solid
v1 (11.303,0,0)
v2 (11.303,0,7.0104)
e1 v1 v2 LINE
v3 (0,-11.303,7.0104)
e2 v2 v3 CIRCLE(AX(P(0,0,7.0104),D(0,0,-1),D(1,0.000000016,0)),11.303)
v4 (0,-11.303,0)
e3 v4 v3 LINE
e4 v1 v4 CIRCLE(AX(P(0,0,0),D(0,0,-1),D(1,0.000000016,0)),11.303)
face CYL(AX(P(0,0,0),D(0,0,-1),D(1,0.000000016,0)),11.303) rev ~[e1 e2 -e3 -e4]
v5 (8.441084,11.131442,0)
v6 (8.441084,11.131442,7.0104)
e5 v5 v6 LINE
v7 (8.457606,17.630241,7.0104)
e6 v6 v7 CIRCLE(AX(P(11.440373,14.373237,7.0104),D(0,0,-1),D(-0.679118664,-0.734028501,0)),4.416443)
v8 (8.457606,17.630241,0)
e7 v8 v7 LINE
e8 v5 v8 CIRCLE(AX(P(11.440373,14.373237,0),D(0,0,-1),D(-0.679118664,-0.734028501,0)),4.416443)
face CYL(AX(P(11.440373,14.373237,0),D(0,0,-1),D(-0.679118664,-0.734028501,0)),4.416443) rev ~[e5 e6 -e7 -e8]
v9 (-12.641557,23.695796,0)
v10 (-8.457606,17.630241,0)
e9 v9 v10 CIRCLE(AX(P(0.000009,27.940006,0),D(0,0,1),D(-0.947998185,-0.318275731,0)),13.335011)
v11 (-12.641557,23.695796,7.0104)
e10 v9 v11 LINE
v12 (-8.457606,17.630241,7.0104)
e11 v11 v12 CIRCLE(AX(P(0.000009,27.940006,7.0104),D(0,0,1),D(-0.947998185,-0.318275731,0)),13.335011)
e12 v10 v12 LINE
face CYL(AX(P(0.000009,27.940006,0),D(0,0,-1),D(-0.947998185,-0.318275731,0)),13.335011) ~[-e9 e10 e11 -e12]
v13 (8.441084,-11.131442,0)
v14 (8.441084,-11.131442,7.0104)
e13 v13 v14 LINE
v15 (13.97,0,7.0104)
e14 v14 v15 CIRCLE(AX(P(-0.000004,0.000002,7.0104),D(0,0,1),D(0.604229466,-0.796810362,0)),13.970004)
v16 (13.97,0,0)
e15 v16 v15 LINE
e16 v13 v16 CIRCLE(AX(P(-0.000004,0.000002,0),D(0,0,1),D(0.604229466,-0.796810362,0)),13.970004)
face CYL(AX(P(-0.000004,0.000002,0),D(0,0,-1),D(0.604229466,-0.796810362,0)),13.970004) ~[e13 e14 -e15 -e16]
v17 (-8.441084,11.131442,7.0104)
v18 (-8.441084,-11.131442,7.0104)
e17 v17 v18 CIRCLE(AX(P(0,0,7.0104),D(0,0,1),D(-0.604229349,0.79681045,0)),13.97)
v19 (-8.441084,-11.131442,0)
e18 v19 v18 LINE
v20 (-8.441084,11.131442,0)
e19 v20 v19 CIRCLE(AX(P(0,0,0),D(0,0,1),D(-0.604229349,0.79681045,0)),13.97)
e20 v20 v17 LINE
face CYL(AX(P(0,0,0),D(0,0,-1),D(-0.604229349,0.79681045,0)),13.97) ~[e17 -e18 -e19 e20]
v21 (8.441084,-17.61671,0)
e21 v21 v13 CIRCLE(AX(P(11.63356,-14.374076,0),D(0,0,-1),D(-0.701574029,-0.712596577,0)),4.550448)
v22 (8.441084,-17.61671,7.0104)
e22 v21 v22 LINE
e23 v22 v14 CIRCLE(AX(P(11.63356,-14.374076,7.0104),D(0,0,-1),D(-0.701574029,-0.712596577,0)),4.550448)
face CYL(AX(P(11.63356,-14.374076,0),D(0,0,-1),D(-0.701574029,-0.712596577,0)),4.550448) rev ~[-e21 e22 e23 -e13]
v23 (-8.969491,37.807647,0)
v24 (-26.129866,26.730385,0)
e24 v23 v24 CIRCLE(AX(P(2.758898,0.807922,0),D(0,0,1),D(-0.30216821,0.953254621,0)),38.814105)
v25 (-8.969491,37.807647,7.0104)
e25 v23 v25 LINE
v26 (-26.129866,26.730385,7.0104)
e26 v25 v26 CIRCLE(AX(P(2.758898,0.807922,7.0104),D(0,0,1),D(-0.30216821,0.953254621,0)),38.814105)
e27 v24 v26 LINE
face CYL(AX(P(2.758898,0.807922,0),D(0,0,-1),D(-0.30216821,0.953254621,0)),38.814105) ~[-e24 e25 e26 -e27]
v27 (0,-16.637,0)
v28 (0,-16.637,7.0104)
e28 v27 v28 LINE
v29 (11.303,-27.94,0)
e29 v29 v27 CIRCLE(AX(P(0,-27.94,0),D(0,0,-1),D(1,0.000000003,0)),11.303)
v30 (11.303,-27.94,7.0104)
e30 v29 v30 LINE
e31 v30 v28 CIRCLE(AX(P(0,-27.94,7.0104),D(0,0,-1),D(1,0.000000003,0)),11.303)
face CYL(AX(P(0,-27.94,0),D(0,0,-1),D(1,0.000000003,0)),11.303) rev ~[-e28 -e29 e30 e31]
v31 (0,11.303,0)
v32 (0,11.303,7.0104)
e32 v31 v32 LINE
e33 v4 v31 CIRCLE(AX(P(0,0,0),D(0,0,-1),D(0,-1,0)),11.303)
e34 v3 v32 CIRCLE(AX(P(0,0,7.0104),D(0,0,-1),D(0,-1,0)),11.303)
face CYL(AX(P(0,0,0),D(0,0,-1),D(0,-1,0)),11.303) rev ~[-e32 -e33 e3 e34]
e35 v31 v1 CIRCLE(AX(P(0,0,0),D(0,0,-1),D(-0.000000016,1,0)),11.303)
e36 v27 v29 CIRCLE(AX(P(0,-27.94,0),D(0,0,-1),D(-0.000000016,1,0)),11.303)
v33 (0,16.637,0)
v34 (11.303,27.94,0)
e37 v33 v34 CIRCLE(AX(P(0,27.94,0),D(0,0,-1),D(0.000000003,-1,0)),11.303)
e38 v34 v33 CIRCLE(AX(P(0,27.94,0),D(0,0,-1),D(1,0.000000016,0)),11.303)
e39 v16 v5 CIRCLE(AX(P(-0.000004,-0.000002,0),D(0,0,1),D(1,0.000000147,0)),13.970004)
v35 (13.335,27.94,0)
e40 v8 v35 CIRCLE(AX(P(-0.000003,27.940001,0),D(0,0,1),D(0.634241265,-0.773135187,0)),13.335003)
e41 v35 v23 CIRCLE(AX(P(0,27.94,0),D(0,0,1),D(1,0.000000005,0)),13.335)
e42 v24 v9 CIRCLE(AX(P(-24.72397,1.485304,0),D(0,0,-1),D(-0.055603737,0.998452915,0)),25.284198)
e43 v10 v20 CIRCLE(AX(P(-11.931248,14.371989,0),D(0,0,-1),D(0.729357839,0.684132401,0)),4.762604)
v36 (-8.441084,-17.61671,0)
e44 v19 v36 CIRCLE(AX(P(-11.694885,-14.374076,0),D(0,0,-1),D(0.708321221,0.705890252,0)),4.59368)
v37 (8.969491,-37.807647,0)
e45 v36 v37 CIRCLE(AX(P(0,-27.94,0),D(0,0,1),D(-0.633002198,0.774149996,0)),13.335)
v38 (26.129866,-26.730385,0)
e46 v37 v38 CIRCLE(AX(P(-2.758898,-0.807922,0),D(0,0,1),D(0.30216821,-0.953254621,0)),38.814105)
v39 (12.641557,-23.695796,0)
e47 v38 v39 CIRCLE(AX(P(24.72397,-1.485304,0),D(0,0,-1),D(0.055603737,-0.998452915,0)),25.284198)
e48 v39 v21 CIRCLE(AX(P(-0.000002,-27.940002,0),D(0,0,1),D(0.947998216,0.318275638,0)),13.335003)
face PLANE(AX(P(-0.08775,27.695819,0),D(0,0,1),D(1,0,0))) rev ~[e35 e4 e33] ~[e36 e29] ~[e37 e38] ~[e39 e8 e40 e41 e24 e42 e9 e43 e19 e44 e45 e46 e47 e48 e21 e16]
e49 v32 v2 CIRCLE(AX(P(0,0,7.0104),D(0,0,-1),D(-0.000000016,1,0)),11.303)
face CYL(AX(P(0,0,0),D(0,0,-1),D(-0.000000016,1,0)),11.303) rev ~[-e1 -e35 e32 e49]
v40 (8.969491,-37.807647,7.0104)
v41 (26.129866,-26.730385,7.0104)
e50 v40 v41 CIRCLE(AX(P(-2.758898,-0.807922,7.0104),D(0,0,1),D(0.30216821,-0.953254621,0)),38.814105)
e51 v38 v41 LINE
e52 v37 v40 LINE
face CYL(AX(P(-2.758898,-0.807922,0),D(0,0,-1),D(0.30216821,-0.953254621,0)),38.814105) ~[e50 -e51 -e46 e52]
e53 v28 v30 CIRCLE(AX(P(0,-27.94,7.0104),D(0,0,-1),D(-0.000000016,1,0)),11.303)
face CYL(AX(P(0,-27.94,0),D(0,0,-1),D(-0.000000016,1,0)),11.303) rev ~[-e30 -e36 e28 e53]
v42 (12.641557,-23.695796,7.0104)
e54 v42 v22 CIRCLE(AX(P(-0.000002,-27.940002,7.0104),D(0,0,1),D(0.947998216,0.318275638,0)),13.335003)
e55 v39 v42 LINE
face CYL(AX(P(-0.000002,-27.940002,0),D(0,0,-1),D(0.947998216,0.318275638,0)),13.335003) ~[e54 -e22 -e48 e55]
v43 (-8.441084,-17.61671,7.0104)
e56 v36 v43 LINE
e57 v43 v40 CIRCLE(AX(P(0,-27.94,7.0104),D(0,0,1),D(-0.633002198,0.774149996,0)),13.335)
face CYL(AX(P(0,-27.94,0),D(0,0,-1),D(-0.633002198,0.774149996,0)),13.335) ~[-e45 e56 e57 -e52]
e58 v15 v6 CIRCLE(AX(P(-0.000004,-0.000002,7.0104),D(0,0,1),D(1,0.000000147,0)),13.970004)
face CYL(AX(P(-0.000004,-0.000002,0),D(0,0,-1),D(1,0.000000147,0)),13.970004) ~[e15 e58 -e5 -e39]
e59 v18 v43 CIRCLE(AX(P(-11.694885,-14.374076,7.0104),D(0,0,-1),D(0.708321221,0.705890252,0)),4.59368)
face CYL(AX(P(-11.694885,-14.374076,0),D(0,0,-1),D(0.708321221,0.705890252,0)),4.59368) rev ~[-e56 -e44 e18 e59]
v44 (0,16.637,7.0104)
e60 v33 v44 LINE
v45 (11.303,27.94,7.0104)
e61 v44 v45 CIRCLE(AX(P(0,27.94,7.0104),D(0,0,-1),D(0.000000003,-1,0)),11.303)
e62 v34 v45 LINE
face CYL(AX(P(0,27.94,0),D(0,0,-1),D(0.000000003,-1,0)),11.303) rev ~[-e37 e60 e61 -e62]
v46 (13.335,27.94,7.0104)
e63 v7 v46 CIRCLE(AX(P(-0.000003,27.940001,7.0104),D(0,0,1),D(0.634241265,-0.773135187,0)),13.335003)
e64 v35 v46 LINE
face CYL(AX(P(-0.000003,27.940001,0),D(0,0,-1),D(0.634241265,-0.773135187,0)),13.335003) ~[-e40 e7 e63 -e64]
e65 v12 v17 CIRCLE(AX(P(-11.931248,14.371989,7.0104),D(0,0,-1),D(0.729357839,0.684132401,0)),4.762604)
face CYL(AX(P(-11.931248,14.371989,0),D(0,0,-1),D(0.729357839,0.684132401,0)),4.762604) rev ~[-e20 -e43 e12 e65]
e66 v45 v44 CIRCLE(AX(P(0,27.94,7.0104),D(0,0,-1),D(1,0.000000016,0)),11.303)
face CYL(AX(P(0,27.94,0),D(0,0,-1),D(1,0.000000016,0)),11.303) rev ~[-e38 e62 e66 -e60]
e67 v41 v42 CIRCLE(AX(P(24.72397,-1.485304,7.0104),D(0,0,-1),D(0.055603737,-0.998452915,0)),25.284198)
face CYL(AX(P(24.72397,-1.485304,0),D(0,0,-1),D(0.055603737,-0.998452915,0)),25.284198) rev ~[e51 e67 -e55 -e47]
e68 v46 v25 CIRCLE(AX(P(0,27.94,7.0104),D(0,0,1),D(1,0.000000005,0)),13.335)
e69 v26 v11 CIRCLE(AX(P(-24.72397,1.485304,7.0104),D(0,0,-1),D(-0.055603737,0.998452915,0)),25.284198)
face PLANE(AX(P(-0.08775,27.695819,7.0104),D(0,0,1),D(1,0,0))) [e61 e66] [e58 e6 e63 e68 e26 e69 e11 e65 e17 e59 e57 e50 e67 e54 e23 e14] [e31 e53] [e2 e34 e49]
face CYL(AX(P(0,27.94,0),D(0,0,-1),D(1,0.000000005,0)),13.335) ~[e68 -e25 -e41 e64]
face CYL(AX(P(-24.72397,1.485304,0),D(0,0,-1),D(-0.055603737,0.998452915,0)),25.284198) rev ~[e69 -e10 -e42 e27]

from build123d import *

# Parameters (mm, degrees)
F1_DEPTH = 7.0104


with BuildPart() as f1:
    # F0 (on Top) → F1 (new body)
    with BuildSketch(Plane.XY):
        with BuildLine():
            ThreePointArc((0, 14.605), (4.491191, 15.384068), (8.457606, 17.630241))
            ThreePointArc((8.457606, 17.630241), (12.054136, 22.237367), (13.335, 27.94))
            ThreePointArc((13.335, 27.94), (5.395093, 40.134884), (-8.969491, 37.807647))
            ThreePointArc((-8.969491, 37.807647), (-12.905248, 31.298094), (-12.641557, 23.695796))
            ThreePointArc((-12.641557, 23.695796), (-10.976858, 20.368289), (-8.457606, 17.630241))
            ThreePointArc((-8.457606, 17.630241), (-4.491191, 15.384068), (0, 14.605))
        make_face()
        with BuildLine():
            ThreePointArc((11.303, 27.94), (7.992428, 19.947572), (0, 16.637))
            ThreePointArc((0, 16.637), (-7.992428, 35.932428), (11.303, 27.94))
        make_face(mode=Mode.SUBTRACT)
        with BuildLine():
            ThreePointArc((-12.641557, 23.695796), (-12.905248, 31.298094), (-8.969491, 37.807647))
            ThreePointArc((-8.969491, 37.807647), (-18.291392, 33.418044), (-26.129866, 26.730385))
            ThreePointArc((-26.129866, 26.730385), (-19.174269, 26.152924), (-12.641557, 23.695796))
        make_face()
        with BuildLine():
            ThreePointArc((-8.441084, 11.131442), (-4.452789, 13.241358), (0, 13.97))
            Line((0, 13.97), (0, 14.605))
            ThreePointArc((0, 14.605), (-4.491191, 15.384068), (-8.457606, 17.630241))
            ThreePointArc((-8.457606, 17.630241), (-7.16866, 14.384098), (-8.441084, 11.131442))
        make_face()
        with BuildLine():
            Line((0, 11.303), (0, 13.97))
            ThreePointArc((0, 13.97), (-4.452789, 13.241358), (-8.441084, 11.131442))
            ThreePointArc((-8.441084, 11.131442), (-13.97, 0), (-8.441084, -11.131442))
            ThreePointArc((-8.441084, -11.131442), (-4.452789, -13.241358), (0, -13.97))
            Line((0, -13.97), (0, -11.303))
            ThreePointArc((0, -11.303), (-11.303, 0), (0, 11.303))
        make_face()
        with BuildLine():
            ThreePointArc((8.441084, -11.131442), (12.511651, -6.214457), (13.97, 0))
            ThreePointArc((13.97, 0), (12.511651, 6.214457), (8.441084, 11.131442))
            ThreePointArc((8.441084, 11.131442), (4.452789, 13.241358), (0, 13.97))
            Line((0, 13.97), (0, 11.303))
            ThreePointArc((0, 11.303), (7.992428, 7.992428), (11.303, 0))
            ThreePointArc((11.303, 0), (7.992428, -7.992428), (0, -11.303))
            Line((0, -11.303), (0, -13.97))
            ThreePointArc((0, -13.97), (4.452789, -13.241358), (8.441084, -11.131442))
        make_face()
        with BuildLine():
            ThreePointArc((0, 13.97), (4.452789, 13.241358), (8.441084, 11.131442))
            ThreePointArc((8.441084, 11.131442), (7.023944, 14.384466), (8.457606, 17.630241))
            ThreePointArc((8.457606, 17.630241), (4.491191, 15.384068), (0, 14.605))
            Line((0, 14.605), (0, 13.97))
        make_face()
        with BuildLine():
            ThreePointArc((8.441084, -17.61671), (7.083112, -14.374076), (8.441084, -11.131442))
            ThreePointArc((8.441084, -11.131442), (4.452789, -13.241358), (0, -13.97))
            Line((0, -13.97), (0, -14.605))
            ThreePointArc((0, -14.605), (4.481135, -15.380476), (8.441084, -17.61671))
        make_face()
        with BuildLine():
            Line((0, -14.605), (0, -13.97))
            ThreePointArc((0, -13.97), (-4.452789, -13.241358), (-8.441084, -11.131442))
            ThreePointArc((-8.441084, -11.131442), (-7.101205, -14.374076), (-8.441084, -17.61671))
            ThreePointArc((-8.441084, -17.61671), (-4.481135, -15.380476), (0, -14.605))
        make_face()
        with BuildLine():
            ThreePointArc((12.641557, -23.695796), (10.970791, -20.359501), (8.441084, -17.61671))
            ThreePointArc((8.441084, -17.61671), (4.481135, -15.380476), (0, -14.605))
            ThreePointArc((0, -14.605), (-4.481135, -15.380476), (-8.441084, -17.61671))
            ThreePointArc((-8.441084, -17.61671), (-10.098925, -36.648268), (8.969491, -37.807647))
            ThreePointArc((8.969491, -37.807647), (12.194884, -33.335093), (13.335, -27.94))
            ThreePointArc((13.335, -27.94), (13.160497, -25.78976), (12.641557, -23.695796))
        make_face()
        with BuildLine():
            ThreePointArc((11.303, -27.94), (-7.992428, -35.932428), (0, -16.637))
            ThreePointArc((0, -16.637), (7.992428, -19.947572), (11.303, -27.94))
        make_face(mode=Mode.SUBTRACT)
        with BuildLine():
            ThreePointArc((26.129866, -26.730385), (19.174269, -26.152924), (12.641557, -23.695796))
            ThreePointArc((12.641557, -23.695796), (13.160497, -25.78976), (13.335, -27.94))
            ThreePointArc((13.335, -27.94), (12.194884, -33.335093), (8.969491, -37.807647))
            ThreePointArc((8.969491, -37.807647), (18.291392, -33.418044), (26.129866, -26.730385))
        make_face()
    extrude(amount=F1_DEPTH)


solid = f1.part
